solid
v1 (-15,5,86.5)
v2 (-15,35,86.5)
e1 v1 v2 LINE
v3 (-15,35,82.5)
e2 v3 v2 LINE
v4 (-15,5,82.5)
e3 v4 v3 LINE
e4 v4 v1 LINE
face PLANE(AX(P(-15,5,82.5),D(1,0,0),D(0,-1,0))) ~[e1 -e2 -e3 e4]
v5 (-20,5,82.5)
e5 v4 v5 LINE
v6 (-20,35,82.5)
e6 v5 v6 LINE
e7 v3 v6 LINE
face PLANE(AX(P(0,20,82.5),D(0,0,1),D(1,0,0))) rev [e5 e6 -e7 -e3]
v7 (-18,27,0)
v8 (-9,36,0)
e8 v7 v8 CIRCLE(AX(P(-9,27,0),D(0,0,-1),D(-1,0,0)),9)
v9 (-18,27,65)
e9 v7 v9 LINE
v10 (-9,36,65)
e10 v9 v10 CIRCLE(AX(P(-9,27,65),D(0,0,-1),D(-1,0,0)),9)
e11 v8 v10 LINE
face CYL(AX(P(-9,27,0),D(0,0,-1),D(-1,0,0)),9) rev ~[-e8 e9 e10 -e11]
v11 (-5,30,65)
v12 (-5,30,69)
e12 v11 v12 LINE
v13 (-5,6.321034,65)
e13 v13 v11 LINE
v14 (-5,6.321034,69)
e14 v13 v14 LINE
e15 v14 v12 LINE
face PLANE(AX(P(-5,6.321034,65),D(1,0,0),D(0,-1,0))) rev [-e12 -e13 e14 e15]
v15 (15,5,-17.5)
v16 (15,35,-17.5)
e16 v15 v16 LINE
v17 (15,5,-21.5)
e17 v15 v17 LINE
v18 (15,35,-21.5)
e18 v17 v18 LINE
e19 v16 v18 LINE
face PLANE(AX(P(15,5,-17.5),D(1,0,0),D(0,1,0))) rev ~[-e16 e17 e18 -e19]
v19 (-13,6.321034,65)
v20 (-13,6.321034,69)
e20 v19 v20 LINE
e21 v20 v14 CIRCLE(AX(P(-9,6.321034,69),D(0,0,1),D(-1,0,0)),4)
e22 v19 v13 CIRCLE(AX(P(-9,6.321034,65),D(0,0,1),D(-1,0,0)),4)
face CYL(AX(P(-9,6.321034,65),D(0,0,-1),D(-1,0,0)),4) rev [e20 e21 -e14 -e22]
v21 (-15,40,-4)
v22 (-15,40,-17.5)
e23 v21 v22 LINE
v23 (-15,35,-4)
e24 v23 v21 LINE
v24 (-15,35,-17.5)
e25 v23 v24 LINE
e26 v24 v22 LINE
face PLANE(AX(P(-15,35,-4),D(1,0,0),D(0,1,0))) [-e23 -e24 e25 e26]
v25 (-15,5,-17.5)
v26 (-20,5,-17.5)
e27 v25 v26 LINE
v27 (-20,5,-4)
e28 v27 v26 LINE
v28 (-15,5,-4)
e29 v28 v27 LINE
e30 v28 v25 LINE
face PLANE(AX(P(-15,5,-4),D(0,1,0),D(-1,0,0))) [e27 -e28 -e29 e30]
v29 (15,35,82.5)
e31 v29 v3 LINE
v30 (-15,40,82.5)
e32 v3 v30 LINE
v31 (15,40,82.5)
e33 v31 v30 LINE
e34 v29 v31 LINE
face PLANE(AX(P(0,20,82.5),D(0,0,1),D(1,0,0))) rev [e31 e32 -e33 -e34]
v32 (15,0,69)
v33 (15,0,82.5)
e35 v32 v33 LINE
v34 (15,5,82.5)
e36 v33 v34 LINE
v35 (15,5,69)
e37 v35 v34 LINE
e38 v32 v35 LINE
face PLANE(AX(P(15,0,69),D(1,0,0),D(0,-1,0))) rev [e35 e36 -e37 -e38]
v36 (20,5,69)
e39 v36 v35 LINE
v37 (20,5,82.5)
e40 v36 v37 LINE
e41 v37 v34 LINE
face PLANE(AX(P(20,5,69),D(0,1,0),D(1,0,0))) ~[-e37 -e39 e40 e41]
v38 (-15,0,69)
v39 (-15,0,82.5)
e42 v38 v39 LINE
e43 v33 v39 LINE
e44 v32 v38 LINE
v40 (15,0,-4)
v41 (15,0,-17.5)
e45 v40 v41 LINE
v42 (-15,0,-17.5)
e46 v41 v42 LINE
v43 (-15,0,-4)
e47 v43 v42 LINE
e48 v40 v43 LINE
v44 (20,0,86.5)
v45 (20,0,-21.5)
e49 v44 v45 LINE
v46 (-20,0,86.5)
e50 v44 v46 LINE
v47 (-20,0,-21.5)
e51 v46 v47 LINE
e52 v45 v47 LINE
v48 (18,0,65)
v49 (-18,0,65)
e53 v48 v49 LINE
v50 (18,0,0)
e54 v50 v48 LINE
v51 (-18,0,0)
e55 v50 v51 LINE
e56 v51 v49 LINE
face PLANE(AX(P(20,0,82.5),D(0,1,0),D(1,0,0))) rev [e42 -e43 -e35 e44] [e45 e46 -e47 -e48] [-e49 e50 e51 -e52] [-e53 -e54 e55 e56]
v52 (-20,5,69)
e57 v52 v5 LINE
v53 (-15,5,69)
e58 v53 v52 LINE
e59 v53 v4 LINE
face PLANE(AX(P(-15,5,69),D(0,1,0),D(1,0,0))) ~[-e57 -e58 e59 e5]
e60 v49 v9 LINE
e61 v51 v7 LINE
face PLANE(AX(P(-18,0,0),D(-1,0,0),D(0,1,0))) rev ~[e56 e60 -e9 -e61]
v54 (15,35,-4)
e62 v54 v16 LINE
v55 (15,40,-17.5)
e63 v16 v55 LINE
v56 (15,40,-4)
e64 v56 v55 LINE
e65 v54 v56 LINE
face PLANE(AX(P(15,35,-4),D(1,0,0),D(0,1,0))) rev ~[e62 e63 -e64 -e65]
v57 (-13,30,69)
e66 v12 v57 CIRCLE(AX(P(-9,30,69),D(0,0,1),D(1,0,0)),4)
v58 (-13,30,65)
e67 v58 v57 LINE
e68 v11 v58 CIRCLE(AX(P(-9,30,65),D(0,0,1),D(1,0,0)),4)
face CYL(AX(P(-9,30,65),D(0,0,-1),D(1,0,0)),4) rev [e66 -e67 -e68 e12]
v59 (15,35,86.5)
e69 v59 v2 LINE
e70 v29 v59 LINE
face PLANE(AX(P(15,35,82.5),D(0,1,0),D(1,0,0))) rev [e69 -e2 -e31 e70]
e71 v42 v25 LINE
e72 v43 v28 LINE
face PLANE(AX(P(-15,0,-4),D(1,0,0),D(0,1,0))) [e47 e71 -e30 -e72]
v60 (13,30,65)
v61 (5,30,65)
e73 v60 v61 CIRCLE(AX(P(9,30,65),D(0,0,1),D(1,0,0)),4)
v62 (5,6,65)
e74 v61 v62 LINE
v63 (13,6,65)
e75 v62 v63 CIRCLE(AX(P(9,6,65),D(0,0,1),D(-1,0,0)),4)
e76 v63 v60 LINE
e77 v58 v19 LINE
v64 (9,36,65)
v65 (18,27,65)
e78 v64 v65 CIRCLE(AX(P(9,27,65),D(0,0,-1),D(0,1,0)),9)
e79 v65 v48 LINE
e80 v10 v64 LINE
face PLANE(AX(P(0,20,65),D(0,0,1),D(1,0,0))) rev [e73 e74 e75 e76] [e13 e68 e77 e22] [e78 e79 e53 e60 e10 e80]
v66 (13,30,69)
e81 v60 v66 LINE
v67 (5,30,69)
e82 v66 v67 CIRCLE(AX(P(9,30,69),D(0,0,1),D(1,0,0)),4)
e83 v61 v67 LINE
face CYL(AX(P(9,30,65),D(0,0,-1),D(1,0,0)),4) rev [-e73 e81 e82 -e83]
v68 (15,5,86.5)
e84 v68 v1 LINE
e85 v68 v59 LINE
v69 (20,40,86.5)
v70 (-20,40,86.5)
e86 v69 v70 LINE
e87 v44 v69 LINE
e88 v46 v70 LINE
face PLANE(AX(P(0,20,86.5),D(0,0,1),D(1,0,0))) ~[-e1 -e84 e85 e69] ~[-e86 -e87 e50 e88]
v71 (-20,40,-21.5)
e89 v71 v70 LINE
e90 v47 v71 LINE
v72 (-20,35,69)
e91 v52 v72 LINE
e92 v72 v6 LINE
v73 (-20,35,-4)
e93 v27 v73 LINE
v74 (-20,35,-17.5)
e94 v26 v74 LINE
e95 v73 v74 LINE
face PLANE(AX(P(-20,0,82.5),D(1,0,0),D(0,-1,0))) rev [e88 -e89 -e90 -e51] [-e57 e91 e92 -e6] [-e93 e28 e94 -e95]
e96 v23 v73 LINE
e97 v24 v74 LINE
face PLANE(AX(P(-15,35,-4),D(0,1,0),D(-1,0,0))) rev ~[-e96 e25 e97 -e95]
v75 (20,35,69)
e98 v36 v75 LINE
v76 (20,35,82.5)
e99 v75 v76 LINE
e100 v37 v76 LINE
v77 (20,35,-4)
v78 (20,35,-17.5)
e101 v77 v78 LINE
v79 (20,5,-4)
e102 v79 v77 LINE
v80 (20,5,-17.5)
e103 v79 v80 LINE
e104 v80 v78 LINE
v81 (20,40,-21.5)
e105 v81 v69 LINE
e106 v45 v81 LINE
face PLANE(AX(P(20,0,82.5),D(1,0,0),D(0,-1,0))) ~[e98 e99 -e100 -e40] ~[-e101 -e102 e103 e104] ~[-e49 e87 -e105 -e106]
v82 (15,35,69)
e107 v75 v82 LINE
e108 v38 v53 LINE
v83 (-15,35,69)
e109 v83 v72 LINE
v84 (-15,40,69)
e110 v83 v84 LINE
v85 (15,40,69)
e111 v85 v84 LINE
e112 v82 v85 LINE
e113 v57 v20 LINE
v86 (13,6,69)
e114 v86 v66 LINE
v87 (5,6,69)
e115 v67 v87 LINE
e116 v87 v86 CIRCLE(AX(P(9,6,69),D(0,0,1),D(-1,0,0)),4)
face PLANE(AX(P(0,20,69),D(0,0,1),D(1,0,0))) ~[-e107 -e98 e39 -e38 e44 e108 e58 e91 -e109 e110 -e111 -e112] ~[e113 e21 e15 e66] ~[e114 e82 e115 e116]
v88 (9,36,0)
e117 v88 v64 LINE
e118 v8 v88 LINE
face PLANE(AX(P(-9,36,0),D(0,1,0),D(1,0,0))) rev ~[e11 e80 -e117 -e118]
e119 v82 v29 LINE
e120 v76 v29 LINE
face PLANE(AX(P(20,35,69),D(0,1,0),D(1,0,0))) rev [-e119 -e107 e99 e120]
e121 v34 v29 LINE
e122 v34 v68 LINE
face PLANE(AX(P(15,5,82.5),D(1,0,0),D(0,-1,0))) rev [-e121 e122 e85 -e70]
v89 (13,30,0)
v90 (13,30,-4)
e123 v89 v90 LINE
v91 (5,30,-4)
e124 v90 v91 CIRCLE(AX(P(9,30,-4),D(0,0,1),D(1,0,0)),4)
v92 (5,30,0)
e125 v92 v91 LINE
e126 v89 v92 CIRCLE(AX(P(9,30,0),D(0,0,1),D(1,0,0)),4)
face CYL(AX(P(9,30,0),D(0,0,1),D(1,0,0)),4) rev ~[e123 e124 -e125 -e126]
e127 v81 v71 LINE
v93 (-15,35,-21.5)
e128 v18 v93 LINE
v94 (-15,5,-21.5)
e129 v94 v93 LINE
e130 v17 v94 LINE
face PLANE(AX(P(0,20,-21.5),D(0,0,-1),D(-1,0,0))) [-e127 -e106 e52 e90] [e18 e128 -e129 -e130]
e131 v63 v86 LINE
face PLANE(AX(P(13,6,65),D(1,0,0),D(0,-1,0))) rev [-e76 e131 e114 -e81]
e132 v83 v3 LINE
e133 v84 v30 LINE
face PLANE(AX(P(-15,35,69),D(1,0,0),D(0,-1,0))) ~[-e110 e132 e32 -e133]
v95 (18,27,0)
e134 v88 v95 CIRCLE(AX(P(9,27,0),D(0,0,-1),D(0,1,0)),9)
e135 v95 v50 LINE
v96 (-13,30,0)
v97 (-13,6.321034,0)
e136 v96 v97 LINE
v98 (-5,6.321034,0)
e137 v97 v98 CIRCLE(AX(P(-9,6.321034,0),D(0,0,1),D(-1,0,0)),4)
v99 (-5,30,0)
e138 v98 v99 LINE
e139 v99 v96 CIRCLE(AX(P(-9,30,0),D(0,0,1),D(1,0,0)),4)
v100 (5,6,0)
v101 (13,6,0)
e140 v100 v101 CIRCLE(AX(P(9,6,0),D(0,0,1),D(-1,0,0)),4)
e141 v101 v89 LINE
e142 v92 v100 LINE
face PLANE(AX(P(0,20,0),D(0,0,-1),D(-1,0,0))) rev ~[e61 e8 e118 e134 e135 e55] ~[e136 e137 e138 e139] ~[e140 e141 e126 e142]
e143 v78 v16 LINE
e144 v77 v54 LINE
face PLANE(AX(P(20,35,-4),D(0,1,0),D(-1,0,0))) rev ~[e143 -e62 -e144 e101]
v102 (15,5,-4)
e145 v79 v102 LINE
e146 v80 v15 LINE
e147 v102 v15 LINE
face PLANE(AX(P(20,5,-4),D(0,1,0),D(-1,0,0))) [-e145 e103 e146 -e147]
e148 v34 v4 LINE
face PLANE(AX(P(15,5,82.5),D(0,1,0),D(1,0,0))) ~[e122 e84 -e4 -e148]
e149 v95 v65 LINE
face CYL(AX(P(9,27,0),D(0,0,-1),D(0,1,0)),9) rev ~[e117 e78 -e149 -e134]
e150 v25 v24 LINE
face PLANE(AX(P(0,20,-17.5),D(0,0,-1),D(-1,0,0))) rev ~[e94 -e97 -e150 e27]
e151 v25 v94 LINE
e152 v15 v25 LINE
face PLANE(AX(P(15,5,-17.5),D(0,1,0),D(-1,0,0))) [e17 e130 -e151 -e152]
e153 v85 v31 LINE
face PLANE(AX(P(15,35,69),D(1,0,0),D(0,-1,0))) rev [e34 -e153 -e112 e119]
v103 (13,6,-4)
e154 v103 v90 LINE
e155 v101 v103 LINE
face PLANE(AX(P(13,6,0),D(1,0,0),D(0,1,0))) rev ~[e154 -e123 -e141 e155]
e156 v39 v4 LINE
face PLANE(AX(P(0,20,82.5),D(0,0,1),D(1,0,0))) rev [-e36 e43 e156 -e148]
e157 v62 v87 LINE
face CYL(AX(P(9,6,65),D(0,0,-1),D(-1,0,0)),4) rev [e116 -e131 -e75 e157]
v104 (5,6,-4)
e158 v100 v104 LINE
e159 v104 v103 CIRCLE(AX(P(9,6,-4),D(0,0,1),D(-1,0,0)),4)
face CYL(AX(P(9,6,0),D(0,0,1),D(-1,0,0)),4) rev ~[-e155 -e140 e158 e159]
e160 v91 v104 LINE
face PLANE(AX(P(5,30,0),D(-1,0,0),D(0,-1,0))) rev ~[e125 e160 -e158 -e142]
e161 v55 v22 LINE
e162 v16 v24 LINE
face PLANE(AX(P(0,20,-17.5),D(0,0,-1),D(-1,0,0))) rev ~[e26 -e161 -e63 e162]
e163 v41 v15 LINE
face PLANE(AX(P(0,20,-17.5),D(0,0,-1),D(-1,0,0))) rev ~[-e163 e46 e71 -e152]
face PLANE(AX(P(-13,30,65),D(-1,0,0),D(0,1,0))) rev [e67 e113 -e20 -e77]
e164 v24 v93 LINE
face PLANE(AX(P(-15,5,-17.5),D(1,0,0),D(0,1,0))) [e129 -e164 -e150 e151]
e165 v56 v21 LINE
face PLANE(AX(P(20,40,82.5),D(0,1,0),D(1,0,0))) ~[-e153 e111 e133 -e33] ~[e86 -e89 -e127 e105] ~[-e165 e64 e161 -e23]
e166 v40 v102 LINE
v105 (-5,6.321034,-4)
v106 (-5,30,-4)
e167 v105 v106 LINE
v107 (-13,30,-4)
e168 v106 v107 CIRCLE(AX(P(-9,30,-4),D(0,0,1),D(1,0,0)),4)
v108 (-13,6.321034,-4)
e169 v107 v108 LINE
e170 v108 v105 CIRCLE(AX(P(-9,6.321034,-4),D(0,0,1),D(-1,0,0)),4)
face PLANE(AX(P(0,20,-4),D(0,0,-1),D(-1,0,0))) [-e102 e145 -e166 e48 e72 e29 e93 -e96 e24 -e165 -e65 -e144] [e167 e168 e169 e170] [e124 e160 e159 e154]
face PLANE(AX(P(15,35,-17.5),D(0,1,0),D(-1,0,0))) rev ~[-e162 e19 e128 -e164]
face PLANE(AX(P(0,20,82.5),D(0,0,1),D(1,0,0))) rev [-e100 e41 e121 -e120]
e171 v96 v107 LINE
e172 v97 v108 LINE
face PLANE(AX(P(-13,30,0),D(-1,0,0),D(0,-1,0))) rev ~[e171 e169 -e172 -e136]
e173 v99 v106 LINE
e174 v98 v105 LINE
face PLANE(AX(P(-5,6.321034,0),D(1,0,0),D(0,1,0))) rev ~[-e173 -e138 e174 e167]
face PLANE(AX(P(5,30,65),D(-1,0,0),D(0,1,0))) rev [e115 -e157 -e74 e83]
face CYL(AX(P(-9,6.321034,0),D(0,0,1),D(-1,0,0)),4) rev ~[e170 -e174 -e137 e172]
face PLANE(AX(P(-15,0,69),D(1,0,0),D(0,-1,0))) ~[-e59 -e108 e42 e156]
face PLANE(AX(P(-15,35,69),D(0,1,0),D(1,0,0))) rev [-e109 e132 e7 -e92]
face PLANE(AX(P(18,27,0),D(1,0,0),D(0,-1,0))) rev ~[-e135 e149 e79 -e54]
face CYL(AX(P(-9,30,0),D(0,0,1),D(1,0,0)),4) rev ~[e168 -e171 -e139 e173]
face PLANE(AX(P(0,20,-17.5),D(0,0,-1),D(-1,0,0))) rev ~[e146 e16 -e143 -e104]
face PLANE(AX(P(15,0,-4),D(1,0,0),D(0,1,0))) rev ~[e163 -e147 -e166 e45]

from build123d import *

# Parameters (mm, degrees)
RESSALTO_EXTRUS_O1_DEPTH = 65
ESBO_O2_W                = 40
ESBO_O2_H                = 40
RESSALTO_EXTRUS_O2_DEPTH = 4
ESBO_O4_W                = 5
ESBO_O4_H                = 5
RESSALTO_EXTRUS_O3_DEPTH = 13.5
ESBO_O5_W                = 40
ESBO_O5_H                = 40
ESBO_O5_W_2              = 30
ESBO_O5_H_2              = 30
RESSALTO_EXTRUS_O4_DEPTH = 4


with BuildPart() as part:
    # Esboço1 → Ressalto-extrusão1 (new body)
    with BuildSketch(Plane.XY):
        with BuildLine():
            Line((18, 0), (20, 0))
            Line((20, 0), (20, 40))
            Line((20, 40), (-20, 40))
            Line((-20, 40), (-20, 0))
            Line((-20, 0), (-18, 0))
            Line((-18, 0), (-18, 9))
            Line((-18, 9), (-18, 27))
            ThreePointArc((-18, 27), (-15.363961031, 33.363961031), (-9, 36))
            Line((-9, 36), (9, 36))
            ThreePointArc((9, 36), (15.363961031, 33.363961031), (18, 27))
            Line((18, 27), (18, 0))
        make_face()
    extrude(amount=RESSALTO_EXTRUS_O1_DEPTH)

    # Esboço2 → Ressalto-extrusão2 (add)
    with BuildSketch(Plane(origin=(0, 0, 0), x_dir=(-1, 0, 0), z_dir=(0, 0, -1))):
        with Locations((0, 20)):
            Rectangle(ESBO_O2_W, ESBO_O2_H)
        with BuildLine():
            Line((-5, 30), (-5, 6))
            ThreePointArc((-5, 6), (-9, 2), (-13, 6))
            Line((-13, 6), (-13, 30))
            ThreePointArc((-13, 30), (-9, 34), (-5, 30))
        make_face(mode=Mode.SUBTRACT)
        with BuildLine():
            Line((13, 30), (13, 6.321034479))
            ThreePointArc((13, 6.321034479), (9, 2.321034479), (5, 6.321034479))
            Line((5, 6.321034479), (5, 30))
            ThreePointArc((5, 30), (9, 34), (13, 30))
        make_face(mode=Mode.SUBTRACT)
    ressalto_extrus_o2 = extrude(amount=RESSALTO_EXTRUS_O2_DEPTH)

    # Esboço4 → Ressalto-extrusão3 (add)
    with BuildSketch(Plane(origin=(0, 0, -4), x_dir=(-1, 0, 0), z_dir=(0, 0, -1))):
        with Locations((17.5, 37.5)):
            Rectangle(ESBO_O4_W, ESBO_O4_H)
        with Locations((17.5, 2.5)):
            Rectangle(ESBO_O4_W, ESBO_O4_H)
        with Locations((-17.5, 37.5)):
            Rectangle(ESBO_O4_W, ESBO_O4_H)
        with Locations((-17.5, 2.5)):
            Rectangle(ESBO_O4_W, ESBO_O4_H)
    ressalto_extrus_o3 = extrude(amount=RESSALTO_EXTRUS_O3_DEPTH)

    # Esboço5 → Ressalto-extrusão4 (add)
    with BuildSketch(Plane(origin=(0, 0, -17.5), x_dir=(-1, 0, 0), z_dir=(0, 0, -1))):
        with Locations((0, 20)):
            Rectangle(ESBO_O5_W, ESBO_O5_H)
        with Locations((0, 20)):
            Rectangle(ESBO_O5_W_2, ESBO_O5_H_2, mode=Mode.SUBTRACT)
    ressalto_extrus_o4 = extrude(amount=RESSALTO_EXTRUS_O4_DEPTH)

    # Espelhar1: Ressalto-extrusão2, Ressalto-extrusão3, Ressalto-extrusão4 across plane
    add(ressalto_extrus_o2.mirror(Plane.XY.offset(32.5)))
    add(ressalto_extrus_o3.mirror(Plane.XY.offset(32.5)))
    add(ressalto_extrus_o4.mirror(Plane.XY.offset(32.5)))


solid = part.part
